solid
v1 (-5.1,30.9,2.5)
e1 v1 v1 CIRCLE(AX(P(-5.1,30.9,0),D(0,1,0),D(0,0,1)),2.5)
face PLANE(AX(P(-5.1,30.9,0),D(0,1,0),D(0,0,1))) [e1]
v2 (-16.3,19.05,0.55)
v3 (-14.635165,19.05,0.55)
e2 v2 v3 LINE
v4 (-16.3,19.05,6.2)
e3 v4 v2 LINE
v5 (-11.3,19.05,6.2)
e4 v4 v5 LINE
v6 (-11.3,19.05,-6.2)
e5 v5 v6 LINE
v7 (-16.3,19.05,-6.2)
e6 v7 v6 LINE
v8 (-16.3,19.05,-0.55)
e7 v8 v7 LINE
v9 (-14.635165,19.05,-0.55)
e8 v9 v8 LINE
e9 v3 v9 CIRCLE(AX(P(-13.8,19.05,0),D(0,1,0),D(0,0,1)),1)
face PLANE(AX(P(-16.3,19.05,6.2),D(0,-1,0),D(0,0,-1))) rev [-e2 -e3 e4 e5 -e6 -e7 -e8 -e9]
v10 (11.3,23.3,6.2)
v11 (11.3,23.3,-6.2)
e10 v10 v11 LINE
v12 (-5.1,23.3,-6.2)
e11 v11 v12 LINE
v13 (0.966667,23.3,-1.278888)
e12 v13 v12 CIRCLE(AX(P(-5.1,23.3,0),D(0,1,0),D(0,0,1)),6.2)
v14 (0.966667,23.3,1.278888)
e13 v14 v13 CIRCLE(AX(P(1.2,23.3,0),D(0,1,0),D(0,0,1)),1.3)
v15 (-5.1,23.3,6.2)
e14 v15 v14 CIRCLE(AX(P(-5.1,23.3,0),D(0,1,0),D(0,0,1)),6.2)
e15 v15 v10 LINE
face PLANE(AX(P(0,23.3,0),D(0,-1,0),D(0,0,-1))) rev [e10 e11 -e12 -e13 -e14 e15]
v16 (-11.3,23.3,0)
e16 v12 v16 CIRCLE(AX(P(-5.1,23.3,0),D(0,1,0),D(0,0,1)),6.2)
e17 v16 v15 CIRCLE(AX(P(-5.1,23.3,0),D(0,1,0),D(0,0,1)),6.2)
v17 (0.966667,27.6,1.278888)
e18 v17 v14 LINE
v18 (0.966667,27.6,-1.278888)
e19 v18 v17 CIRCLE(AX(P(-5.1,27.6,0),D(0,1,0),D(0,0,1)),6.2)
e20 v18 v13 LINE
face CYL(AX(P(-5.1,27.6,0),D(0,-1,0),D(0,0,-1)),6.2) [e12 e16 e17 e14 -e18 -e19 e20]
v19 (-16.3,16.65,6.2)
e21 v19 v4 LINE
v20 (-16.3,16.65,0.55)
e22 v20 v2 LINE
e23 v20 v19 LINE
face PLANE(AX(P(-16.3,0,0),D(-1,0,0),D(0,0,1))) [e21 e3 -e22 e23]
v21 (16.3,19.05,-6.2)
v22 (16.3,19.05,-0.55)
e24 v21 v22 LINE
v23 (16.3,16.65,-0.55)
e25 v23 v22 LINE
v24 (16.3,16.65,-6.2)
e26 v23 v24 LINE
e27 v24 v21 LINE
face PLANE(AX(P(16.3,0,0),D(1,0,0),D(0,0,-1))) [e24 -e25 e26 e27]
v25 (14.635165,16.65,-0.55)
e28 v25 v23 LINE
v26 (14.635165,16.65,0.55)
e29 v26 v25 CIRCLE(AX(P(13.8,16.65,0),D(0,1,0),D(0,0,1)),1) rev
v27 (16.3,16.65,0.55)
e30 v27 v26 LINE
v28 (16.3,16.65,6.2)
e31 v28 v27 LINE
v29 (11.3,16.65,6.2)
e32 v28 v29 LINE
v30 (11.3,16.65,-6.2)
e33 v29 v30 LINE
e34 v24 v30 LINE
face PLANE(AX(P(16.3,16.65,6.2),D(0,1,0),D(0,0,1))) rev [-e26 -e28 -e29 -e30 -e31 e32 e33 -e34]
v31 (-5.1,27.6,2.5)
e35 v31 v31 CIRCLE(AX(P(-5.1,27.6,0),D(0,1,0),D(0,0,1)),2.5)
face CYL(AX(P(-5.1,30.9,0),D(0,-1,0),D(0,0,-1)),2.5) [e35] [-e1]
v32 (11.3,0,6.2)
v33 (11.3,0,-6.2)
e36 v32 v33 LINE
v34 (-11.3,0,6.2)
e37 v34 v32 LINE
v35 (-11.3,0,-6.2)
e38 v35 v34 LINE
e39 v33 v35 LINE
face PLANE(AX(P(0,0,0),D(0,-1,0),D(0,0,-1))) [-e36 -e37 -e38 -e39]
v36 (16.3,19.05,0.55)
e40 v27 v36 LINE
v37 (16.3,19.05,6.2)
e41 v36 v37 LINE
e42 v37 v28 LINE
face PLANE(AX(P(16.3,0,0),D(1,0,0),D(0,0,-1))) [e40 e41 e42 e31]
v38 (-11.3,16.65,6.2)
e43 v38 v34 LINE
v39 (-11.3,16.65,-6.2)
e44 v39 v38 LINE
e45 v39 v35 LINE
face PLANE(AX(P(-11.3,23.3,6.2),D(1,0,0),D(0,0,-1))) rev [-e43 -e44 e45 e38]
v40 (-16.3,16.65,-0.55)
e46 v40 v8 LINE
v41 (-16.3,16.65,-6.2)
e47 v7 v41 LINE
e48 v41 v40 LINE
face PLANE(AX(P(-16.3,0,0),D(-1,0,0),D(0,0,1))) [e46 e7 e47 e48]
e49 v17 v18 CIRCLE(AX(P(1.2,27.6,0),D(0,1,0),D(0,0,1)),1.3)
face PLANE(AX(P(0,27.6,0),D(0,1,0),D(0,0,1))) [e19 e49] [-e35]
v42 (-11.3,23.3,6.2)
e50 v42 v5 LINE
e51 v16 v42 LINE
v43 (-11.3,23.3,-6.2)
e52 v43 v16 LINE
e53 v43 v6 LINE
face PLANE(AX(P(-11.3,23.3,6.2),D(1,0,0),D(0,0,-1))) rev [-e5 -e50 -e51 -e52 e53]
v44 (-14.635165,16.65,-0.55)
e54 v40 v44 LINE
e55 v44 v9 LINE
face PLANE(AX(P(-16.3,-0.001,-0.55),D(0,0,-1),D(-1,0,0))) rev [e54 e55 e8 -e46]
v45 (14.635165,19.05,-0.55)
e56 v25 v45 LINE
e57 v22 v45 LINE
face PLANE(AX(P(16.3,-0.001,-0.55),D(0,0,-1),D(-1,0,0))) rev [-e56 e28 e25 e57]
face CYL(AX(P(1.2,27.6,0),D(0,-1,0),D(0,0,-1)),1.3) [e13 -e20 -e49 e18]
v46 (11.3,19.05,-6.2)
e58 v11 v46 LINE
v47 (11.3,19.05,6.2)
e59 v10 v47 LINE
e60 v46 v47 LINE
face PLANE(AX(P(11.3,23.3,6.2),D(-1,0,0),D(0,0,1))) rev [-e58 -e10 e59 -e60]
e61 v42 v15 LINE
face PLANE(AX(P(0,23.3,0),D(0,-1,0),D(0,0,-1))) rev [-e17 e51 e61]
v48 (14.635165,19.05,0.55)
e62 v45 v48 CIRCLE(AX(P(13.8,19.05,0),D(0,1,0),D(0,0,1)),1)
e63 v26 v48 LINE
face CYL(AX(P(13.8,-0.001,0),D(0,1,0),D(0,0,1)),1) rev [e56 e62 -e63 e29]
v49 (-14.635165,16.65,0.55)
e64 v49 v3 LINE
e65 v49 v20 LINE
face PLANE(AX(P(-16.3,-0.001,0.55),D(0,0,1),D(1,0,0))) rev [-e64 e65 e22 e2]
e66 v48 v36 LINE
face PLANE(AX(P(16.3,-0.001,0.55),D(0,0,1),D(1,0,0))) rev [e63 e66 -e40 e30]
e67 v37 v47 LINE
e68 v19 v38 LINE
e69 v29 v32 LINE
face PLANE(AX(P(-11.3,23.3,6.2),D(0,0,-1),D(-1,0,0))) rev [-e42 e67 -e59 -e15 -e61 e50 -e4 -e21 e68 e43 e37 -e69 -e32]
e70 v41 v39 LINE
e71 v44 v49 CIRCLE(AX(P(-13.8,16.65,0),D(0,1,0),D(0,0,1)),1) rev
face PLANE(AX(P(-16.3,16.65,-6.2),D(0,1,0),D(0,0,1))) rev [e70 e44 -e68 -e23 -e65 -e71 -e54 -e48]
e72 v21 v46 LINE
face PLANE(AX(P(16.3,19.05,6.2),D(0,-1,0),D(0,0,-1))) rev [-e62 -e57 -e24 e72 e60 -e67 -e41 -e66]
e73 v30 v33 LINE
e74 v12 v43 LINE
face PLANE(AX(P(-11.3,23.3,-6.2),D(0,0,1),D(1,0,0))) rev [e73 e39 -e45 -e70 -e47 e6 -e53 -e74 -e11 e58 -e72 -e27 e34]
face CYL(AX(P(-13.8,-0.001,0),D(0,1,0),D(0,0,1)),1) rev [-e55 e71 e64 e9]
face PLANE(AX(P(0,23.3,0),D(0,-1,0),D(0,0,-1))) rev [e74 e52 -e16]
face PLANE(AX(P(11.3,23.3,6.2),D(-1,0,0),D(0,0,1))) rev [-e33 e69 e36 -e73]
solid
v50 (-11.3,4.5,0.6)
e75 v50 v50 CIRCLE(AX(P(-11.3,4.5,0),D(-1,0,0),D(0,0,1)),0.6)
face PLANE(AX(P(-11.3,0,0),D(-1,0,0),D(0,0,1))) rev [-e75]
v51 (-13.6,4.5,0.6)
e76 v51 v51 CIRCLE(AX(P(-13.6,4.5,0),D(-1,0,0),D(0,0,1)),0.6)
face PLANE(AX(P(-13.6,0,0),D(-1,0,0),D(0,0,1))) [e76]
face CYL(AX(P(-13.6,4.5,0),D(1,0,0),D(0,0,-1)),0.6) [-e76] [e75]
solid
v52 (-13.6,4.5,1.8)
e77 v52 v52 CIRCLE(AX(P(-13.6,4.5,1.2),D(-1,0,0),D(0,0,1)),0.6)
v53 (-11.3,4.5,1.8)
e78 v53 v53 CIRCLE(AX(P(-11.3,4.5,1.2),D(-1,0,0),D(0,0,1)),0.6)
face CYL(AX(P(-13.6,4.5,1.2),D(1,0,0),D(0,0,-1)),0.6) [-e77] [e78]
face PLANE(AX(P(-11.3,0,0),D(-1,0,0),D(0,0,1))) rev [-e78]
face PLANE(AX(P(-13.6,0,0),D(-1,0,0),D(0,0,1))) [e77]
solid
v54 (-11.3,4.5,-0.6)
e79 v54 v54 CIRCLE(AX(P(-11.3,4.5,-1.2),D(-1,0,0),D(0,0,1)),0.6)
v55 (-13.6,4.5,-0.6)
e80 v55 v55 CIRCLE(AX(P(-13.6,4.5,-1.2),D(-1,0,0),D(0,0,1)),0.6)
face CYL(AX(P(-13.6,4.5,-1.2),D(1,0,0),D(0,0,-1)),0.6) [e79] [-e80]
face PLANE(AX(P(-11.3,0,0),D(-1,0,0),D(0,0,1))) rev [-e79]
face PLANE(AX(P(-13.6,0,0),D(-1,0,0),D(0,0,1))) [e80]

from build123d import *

# Parameters (mm, degrees)
SKETCH1_W             = 22.6
SKETCH1_H             = 12.4
BOSS_EXTRUDE1_DEPTH   = 23.3
SKETCH2_W             = 12.4
SKETCH2_H             = 2.4
BOSS_EXTRUDE2_DEPTH   = 5
SKETCH3_W             = 12.4
SKETCH3_H             = 2.4
BOSS_EXTRUDE3_DEPTH   = 5
CUT_EXTRUDE1_REACH    = 27.827
BOSS_EXTRUDE4_DEPTH   = 4.3
SKETCH7_R             = 2.5
BOSS_EXTRUDE5_DEPTH   = 3.3
SKETCH8_R             = 0.6
BOSS_EXTRUDE7_DEPTH   = 2.3
BOSS_EXTRUDE7_2_DEPTH = 2.3
BOSS_EXTRUDE7_3_DEPTH = 2.3


with BuildPart() as part:
    # Sketch1 → Boss-Extrude1 (new body)
    with BuildSketch(Plane(origin=(0, 0, 0), x_dir=(1, 0, 0), z_dir=(0, 1, 0))):
        Rectangle(SKETCH1_W, SKETCH1_H)
    extrude(amount=BOSS_EXTRUDE1_DEPTH)

    # Sketch2 → Boss-Extrude2 (add)
    with BuildSketch(Plane(origin=(11.3, 0, 0), x_dir=(0, 0, -1), z_dir=(1, 0, 0))):
        with Locations((0, 17.85)):
            Rectangle(SKETCH2_W, SKETCH2_H)
    extrude(amount=BOSS_EXTRUDE2_DEPTH)

    # Sketch3 → Boss-Extrude3 (add)
    with BuildSketch(Plane.ZY.offset(11.3)):
        with Locations((0, 17.85)):
            Rectangle(SKETCH3_W, SKETCH3_H)
    extrude(amount=BOSS_EXTRUDE3_DEPTH)

    # Sketch4 → Cut-Extrude1 (cut, up to next)
    with BuildSketch(Plane(origin=(0, 19.05, 0), x_dir=(1, 0, 0), z_dir=(0, 1, 0)), mode=Mode.PRIVATE) as cut_extrude1_sk1:
        with BuildLine():
            Line((-16.3, 0.55), (-14.635164654, 0.55))
            ThreePointArc((-14.635164654, 0.55), (-12.8, 0), (-14.635164654, -0.55))
            Line((-14.635164654, -0.55), (-16.3, -0.55))
            Line((-16.3, -0.55), (-16.3, 0.55))
        make_face()
    cut_extrude1_tool1 = extrude(cut_extrude1_sk1.sketch, amount=-CUT_EXTRUDE1_REACH, mode=Mode.PRIVATE) & part.part
    # Sketch4 → Cut-Extrude1 (cut, up to next)
    with BuildSketch(Plane(origin=(0, 19.05, 0), x_dir=(1, 0, 0), z_dir=(0, 1, 0)), mode=Mode.PRIVATE) as cut_extrude1_sk2:
        with BuildLine():
            Line((16.3, -0.55), (14.635164654, -0.55))
            ThreePointArc((14.635164654, -0.55), (12.8, 0), (14.635164654, 0.55))
            Line((14.635164654, 0.55), (16.3, 0.55))
            Line((16.3, 0.55), (16.3, -0.55))
        make_face()
    cut_extrude1_tool2 = extrude(cut_extrude1_sk2.sketch, amount=-CUT_EXTRUDE1_REACH, mode=Mode.PRIVATE) & part.part
    add(cut_extrude1_tool1.solids().sort_by_distance((-14.40681, 19.05, 0))[0], mode=Mode.SUBTRACT)
    add(cut_extrude1_tool2.solids().sort_by_distance((14.40681, 19.05, 0))[0], mode=Mode.SUBTRACT)

    # Sketch6 → Boss-Extrude4 (add)
    with BuildSketch(Plane(origin=(0, 23.3, 0), x_dir=(1, 0, 0), z_dir=(0, 1, 0))):
        with BuildLine():
            ThreePointArc((1.2, -1.3), (2.5, 0), (1.2, 1.3))
            ThreePointArc((1.2, 1.3), (1.082856772, 1.294711344), (0.966666667, 1.278888406))
            ThreePointArc((0.966666667, 1.278888406), (0.964431433, 1.289446156), (0.962177826, 1.3))
            ThreePointArc((0.962177826, 1.3), (-11.3, 0), (0.962177826, -1.3))
            ThreePointArc((0.962177826, -1.3), (0.964431433, -1.289446156), (0.966666667, -1.278888406))
            ThreePointArc((0.966666667, -1.278888406), (1.082856772, -1.294711344), (1.2, -1.3))
        make_face()
    extrude(amount=BOSS_EXTRUDE4_DEPTH)

    # Sketch7 → Boss-Extrude5 (add)
    with BuildSketch(Plane(origin=(0, 27.6, 0), x_dir=(1, 0, 0), z_dir=(0, 1, 0))):
        with Locations((-5.1, 0)):
            Circle(SKETCH7_R)
    extrude(amount=BOSS_EXTRUDE5_DEPTH)


with BuildPart() as body_2:
    # Sketch8 → Boss-Extrude7 (new body)
    with BuildSketch(Plane.ZY.offset(11.3)):
        with Locations((-1.2, 4.5)):
            Circle(SKETCH8_R)
    extrude(amount=BOSS_EXTRUDE7_DEPTH)


with BuildPart() as body_3:
    # Sketch8 → Boss-Extrude7 2 (new body)
    with BuildSketch(Plane.ZY.offset(11.3)):
        with Locations((1.2, 4.5)):
            Circle(SKETCH8_R)
    extrude(amount=BOSS_EXTRUDE7_2_DEPTH)


with BuildPart() as body_4:
    # Sketch8 → Boss-Extrude7 3 (new body)
    with BuildSketch(Plane.ZY.offset(11.3)):
        with BuildLine():
            ThreePointArc((0.6, 4.5), (0, 5.1), (-0.6, 4.5))
            ThreePointArc((-0.6, 4.5), (0, 3.9), (0.6, 4.5))
        make_face()
    extrude(amount=BOSS_EXTRUDE7_3_DEPTH)


solid = Compound([part.part, body_2.part, body_3.part, body_4.part])
